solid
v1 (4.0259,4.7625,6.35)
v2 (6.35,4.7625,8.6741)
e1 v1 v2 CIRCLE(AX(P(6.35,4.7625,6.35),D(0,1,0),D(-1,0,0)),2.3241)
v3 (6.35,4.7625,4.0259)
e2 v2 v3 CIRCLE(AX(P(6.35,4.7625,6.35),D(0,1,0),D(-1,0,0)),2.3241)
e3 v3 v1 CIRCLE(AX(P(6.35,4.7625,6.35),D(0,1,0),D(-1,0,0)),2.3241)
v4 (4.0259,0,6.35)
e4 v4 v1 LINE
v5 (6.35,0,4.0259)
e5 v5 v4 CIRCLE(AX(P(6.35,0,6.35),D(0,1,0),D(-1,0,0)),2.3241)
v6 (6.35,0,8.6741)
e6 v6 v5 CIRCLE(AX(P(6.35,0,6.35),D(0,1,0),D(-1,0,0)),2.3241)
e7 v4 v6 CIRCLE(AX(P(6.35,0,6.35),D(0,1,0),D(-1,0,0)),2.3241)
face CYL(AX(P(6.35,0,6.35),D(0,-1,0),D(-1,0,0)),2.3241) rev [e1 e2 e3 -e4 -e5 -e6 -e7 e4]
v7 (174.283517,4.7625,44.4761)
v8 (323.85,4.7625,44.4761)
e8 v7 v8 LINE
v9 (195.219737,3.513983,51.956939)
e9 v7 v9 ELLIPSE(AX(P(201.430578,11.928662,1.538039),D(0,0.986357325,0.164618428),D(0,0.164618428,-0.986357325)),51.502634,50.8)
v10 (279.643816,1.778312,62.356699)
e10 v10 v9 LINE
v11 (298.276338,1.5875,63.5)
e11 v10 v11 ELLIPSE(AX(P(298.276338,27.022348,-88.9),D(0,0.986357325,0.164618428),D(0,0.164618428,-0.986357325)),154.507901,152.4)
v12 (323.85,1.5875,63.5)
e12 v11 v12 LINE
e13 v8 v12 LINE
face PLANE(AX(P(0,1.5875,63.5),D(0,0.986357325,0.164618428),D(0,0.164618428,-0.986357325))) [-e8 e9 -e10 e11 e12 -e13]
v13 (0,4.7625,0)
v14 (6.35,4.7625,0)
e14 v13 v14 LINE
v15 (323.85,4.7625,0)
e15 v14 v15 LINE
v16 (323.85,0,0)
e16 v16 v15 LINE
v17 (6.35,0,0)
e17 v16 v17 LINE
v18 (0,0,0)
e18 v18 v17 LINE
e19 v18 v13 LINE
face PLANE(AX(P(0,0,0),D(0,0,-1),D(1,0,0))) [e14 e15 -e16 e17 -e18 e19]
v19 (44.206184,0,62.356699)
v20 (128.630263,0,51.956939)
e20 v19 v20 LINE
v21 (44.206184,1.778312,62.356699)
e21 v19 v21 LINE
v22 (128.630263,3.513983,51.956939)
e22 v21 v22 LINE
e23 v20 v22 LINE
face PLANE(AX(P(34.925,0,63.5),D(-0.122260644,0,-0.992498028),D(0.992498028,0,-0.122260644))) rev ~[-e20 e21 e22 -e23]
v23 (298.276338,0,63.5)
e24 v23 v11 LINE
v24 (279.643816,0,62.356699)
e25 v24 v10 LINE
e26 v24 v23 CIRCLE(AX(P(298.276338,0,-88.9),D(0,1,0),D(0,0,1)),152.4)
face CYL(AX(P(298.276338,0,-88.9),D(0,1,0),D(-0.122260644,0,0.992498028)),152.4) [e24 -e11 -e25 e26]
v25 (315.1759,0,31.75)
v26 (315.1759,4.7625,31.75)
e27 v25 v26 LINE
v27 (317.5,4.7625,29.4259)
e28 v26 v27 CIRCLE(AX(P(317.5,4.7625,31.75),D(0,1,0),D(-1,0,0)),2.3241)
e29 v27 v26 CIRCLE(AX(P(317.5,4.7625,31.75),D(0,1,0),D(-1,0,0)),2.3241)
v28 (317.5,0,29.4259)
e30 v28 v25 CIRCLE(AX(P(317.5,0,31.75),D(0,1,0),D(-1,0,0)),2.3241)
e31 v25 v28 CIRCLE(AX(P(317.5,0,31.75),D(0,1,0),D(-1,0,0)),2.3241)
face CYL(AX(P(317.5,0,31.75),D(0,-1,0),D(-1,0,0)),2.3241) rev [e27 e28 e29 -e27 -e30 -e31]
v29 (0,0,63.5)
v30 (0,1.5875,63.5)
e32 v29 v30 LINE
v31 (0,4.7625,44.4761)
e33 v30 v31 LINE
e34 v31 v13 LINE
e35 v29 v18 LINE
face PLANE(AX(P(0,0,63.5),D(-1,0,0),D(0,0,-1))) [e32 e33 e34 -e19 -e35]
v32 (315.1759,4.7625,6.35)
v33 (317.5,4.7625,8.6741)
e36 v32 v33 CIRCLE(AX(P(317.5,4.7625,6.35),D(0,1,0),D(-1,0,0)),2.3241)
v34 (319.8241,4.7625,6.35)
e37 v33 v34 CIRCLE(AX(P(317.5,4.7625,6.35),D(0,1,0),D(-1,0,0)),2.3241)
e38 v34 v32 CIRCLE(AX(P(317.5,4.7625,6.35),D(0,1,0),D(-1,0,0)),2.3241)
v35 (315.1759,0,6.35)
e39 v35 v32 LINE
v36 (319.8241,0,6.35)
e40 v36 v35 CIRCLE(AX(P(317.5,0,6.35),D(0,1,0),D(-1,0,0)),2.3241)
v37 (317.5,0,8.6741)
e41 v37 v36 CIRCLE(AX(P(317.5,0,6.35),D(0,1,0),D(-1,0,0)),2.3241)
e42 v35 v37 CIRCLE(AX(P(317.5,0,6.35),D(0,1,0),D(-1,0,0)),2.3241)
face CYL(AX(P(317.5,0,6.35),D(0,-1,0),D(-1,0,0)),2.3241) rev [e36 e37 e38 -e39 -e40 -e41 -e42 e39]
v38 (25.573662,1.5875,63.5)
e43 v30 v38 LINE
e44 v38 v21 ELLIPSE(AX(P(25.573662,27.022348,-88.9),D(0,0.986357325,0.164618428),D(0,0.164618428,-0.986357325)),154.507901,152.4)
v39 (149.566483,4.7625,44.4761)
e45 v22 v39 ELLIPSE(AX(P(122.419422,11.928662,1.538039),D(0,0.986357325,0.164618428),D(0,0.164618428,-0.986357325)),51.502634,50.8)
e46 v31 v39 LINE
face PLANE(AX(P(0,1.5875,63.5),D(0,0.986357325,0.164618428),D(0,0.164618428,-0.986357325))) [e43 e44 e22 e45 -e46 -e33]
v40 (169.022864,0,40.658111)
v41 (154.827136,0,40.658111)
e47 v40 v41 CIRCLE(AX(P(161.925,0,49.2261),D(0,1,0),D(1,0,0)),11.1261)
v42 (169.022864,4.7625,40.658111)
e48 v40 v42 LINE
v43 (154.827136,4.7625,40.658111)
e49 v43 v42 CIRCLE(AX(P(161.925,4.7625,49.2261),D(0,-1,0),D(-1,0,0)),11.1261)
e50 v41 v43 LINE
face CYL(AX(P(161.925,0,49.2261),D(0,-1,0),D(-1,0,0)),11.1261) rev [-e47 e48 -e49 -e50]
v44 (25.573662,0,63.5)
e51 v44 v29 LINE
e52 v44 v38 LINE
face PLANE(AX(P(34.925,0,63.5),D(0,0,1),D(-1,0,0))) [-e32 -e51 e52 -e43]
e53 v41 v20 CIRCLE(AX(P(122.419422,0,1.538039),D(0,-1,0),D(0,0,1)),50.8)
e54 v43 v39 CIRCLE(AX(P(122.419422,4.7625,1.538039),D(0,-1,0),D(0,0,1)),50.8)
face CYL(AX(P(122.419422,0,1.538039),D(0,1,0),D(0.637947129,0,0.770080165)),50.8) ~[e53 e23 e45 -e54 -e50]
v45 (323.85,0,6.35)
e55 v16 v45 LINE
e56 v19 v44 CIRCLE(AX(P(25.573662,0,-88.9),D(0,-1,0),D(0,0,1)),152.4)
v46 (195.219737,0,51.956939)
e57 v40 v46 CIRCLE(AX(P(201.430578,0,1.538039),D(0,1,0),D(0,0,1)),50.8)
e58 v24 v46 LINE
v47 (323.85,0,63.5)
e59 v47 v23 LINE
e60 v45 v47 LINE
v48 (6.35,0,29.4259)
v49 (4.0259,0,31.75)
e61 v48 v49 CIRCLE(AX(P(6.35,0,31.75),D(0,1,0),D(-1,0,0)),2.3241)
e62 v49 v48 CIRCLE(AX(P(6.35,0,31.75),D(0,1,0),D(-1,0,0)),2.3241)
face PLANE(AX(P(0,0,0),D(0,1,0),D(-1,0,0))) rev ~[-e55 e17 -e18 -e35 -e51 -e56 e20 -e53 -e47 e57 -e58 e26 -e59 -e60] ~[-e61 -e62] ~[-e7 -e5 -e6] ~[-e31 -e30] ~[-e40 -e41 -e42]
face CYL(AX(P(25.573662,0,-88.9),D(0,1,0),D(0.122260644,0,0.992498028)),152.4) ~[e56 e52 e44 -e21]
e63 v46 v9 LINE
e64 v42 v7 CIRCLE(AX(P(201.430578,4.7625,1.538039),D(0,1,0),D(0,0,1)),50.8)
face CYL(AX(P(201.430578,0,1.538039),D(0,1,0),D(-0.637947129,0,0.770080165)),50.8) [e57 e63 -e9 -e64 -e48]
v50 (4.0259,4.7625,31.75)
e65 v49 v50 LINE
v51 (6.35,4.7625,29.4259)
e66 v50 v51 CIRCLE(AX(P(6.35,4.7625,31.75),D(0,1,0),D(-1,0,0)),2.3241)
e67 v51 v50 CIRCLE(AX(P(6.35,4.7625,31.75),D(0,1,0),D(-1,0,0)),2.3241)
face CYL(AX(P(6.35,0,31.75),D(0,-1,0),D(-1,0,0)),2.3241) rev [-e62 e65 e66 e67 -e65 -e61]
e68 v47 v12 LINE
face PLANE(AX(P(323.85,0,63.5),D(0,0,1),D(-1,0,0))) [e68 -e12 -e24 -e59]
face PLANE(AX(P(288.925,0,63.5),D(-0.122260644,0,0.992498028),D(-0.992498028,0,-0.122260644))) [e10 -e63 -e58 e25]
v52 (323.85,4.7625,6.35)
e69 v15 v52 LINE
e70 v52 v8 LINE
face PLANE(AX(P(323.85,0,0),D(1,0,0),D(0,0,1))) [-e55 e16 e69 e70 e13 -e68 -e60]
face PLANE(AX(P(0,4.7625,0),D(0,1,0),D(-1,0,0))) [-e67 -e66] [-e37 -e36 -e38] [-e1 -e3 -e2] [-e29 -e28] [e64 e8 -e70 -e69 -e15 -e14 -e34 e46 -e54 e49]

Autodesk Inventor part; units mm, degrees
ref_plane "YZ Plane" through (0, 0, 0) normal (1, 0, 0) x (0, 1, 0)
ref_plane "XZ Plane" through (0, 0, 0) normal (0, 1, 0) x (-1, 0, 0)
ref_plane "XY Plane" through (0, 0, 0) normal (0, 0, 1) x (1, 0, 0)
sketch "Sketch1" plane through (0, 0, 0) normal (0, 1, 0) x (-1, 0, 0)
  line L0 (0, 0) -> (-323.85, 0)
  line L1 (-323.85, 0) -> (-323.85, 63.5)
  line L2 (-323.85, 63.5) -> (0, 63.5)
  line L3 (0, 63.5) -> (0, 0)
  line L4 (-323.85, 0) -> (-323.85, 6.35)
  line L5 (0, 0) -> (-6.35, 0)
  line L6 (-323.85, 0) -> (-317.5, 0)
  line L7 (-323.85, 6.35) -> (-317.5, 6.35)
  line L8 (-317.5, 6.35) -> (-317.5, 31.75)
  line L9 (-6.35, 0) -> (-6.35, 6.35)
  line L10 (-6.35, 6.35) -> (-6.35, 31.75)
  circle A0 centre (-6.35, 6.35) radius 2.3241
  circle A1 centre (-6.35, 31.75) radius 2.3241
  circle A2 centre (-317.5, 31.75) radius 2.3241
  circle A3 centre (-317.5, 6.35) radius 2.3241
  line L11 (-161.925, 0) -> (-161.925, 38.1)
  line L12 (-161.925, 63.5) -> (-288.925, 63.5)
  line L13 (-161.925, 63.5) -> (-34.925, 63.5)
  line L14 (-161.925, 63.5) -> (-161.925, 38.1)
  line L15 (-161.925, 63.5) -> (-161.925, 57.15)
  circle A4 centre (-161.925, 63.5) radius 9.525
  circle A5 centre (-161.925, 49.2261) radius 11.1261
  line L16 (-288.925, 63.5) -> (-171.45, 43.4759)
  line L17 (-34.925, 63.5) -> (-152.4, 43.4759)
  line L18 (-288.925, 63.5) -> (-173.0511, 49.2261)
  line L19 (-34.925, 63.5) -> (-150.7989, 49.2261)
  dimension "d0" = 323.85
  dimension "d1" = 63.5
  dimension "d2" = 6.35
  dimension "d3" = 6.35
  dimension "d4" = 6.35
  dimension "d5" = 25.4
  dimension "d6" = 6.35
  dimension "d7" = 25.4
  dimension "d8" = 4.6482
  dimension "d9" = 4.6482
  dimension "d10" = 4.6482
  dimension "d11" = 4.6482
  dimension "d12" = 38.1
  dimension "d13" = 127
  dimension "d14" = 127
  dimension "d15" = 6.35
  dimension "d16" = 19.05
extrude "Extrusion1" add sketch "Sketch1" along normal blind 4.7625 contours L0 L11 A5 L17 L2 L3 | L0 L1 L2 L16 A5 L11
extrude "Extrusion2" add sketch "Sketch1" along normal blind 4.7625 contours L17 A5 L19 | L16 L18 A5
fillet "Fillet1" radius 50.8 2 edges at (173.0511, 2.3813, 49.2261) (150.7989, 2.3813, 49.2261)
fillet "Fillet2" radius 152.4 2 edges at (288.925, 2.3813, 63.5) (34.925, 2.3813, 63.5)
sketch "Sketch2" plane through (0, 0, 0) normal (-1, 0, 0) x (0, 0, 1)
  line L0 (63.5, 0) -> (63.5, 4.7625) projected
  line L1 (63.5, 0) -> (63.5, 1.5875)
  line L2 (63.5, 1.5875) -> (50.4087, 4.7625)
  line L3 (0, 4.7625) -> (63.5, 4.7625) projected
  line L4 (63.5, 4.7625) -> (50.4087, 4.7625)
  line L5 (63.5, 1.5875) -> (63.5, 4.7625)
  line L6 (63.5, 1.5875) -> (44.4761, 4.7625)
  line L7 (44.4761, 4.7625) -> (50.4087, 4.7625)
  point P0 (0, 0)
  dimension "d24" = 1.5875
extrude "Extrusion3" cut sketch "Sketch2" against normal through all
properties part number "lady brown aligner"
